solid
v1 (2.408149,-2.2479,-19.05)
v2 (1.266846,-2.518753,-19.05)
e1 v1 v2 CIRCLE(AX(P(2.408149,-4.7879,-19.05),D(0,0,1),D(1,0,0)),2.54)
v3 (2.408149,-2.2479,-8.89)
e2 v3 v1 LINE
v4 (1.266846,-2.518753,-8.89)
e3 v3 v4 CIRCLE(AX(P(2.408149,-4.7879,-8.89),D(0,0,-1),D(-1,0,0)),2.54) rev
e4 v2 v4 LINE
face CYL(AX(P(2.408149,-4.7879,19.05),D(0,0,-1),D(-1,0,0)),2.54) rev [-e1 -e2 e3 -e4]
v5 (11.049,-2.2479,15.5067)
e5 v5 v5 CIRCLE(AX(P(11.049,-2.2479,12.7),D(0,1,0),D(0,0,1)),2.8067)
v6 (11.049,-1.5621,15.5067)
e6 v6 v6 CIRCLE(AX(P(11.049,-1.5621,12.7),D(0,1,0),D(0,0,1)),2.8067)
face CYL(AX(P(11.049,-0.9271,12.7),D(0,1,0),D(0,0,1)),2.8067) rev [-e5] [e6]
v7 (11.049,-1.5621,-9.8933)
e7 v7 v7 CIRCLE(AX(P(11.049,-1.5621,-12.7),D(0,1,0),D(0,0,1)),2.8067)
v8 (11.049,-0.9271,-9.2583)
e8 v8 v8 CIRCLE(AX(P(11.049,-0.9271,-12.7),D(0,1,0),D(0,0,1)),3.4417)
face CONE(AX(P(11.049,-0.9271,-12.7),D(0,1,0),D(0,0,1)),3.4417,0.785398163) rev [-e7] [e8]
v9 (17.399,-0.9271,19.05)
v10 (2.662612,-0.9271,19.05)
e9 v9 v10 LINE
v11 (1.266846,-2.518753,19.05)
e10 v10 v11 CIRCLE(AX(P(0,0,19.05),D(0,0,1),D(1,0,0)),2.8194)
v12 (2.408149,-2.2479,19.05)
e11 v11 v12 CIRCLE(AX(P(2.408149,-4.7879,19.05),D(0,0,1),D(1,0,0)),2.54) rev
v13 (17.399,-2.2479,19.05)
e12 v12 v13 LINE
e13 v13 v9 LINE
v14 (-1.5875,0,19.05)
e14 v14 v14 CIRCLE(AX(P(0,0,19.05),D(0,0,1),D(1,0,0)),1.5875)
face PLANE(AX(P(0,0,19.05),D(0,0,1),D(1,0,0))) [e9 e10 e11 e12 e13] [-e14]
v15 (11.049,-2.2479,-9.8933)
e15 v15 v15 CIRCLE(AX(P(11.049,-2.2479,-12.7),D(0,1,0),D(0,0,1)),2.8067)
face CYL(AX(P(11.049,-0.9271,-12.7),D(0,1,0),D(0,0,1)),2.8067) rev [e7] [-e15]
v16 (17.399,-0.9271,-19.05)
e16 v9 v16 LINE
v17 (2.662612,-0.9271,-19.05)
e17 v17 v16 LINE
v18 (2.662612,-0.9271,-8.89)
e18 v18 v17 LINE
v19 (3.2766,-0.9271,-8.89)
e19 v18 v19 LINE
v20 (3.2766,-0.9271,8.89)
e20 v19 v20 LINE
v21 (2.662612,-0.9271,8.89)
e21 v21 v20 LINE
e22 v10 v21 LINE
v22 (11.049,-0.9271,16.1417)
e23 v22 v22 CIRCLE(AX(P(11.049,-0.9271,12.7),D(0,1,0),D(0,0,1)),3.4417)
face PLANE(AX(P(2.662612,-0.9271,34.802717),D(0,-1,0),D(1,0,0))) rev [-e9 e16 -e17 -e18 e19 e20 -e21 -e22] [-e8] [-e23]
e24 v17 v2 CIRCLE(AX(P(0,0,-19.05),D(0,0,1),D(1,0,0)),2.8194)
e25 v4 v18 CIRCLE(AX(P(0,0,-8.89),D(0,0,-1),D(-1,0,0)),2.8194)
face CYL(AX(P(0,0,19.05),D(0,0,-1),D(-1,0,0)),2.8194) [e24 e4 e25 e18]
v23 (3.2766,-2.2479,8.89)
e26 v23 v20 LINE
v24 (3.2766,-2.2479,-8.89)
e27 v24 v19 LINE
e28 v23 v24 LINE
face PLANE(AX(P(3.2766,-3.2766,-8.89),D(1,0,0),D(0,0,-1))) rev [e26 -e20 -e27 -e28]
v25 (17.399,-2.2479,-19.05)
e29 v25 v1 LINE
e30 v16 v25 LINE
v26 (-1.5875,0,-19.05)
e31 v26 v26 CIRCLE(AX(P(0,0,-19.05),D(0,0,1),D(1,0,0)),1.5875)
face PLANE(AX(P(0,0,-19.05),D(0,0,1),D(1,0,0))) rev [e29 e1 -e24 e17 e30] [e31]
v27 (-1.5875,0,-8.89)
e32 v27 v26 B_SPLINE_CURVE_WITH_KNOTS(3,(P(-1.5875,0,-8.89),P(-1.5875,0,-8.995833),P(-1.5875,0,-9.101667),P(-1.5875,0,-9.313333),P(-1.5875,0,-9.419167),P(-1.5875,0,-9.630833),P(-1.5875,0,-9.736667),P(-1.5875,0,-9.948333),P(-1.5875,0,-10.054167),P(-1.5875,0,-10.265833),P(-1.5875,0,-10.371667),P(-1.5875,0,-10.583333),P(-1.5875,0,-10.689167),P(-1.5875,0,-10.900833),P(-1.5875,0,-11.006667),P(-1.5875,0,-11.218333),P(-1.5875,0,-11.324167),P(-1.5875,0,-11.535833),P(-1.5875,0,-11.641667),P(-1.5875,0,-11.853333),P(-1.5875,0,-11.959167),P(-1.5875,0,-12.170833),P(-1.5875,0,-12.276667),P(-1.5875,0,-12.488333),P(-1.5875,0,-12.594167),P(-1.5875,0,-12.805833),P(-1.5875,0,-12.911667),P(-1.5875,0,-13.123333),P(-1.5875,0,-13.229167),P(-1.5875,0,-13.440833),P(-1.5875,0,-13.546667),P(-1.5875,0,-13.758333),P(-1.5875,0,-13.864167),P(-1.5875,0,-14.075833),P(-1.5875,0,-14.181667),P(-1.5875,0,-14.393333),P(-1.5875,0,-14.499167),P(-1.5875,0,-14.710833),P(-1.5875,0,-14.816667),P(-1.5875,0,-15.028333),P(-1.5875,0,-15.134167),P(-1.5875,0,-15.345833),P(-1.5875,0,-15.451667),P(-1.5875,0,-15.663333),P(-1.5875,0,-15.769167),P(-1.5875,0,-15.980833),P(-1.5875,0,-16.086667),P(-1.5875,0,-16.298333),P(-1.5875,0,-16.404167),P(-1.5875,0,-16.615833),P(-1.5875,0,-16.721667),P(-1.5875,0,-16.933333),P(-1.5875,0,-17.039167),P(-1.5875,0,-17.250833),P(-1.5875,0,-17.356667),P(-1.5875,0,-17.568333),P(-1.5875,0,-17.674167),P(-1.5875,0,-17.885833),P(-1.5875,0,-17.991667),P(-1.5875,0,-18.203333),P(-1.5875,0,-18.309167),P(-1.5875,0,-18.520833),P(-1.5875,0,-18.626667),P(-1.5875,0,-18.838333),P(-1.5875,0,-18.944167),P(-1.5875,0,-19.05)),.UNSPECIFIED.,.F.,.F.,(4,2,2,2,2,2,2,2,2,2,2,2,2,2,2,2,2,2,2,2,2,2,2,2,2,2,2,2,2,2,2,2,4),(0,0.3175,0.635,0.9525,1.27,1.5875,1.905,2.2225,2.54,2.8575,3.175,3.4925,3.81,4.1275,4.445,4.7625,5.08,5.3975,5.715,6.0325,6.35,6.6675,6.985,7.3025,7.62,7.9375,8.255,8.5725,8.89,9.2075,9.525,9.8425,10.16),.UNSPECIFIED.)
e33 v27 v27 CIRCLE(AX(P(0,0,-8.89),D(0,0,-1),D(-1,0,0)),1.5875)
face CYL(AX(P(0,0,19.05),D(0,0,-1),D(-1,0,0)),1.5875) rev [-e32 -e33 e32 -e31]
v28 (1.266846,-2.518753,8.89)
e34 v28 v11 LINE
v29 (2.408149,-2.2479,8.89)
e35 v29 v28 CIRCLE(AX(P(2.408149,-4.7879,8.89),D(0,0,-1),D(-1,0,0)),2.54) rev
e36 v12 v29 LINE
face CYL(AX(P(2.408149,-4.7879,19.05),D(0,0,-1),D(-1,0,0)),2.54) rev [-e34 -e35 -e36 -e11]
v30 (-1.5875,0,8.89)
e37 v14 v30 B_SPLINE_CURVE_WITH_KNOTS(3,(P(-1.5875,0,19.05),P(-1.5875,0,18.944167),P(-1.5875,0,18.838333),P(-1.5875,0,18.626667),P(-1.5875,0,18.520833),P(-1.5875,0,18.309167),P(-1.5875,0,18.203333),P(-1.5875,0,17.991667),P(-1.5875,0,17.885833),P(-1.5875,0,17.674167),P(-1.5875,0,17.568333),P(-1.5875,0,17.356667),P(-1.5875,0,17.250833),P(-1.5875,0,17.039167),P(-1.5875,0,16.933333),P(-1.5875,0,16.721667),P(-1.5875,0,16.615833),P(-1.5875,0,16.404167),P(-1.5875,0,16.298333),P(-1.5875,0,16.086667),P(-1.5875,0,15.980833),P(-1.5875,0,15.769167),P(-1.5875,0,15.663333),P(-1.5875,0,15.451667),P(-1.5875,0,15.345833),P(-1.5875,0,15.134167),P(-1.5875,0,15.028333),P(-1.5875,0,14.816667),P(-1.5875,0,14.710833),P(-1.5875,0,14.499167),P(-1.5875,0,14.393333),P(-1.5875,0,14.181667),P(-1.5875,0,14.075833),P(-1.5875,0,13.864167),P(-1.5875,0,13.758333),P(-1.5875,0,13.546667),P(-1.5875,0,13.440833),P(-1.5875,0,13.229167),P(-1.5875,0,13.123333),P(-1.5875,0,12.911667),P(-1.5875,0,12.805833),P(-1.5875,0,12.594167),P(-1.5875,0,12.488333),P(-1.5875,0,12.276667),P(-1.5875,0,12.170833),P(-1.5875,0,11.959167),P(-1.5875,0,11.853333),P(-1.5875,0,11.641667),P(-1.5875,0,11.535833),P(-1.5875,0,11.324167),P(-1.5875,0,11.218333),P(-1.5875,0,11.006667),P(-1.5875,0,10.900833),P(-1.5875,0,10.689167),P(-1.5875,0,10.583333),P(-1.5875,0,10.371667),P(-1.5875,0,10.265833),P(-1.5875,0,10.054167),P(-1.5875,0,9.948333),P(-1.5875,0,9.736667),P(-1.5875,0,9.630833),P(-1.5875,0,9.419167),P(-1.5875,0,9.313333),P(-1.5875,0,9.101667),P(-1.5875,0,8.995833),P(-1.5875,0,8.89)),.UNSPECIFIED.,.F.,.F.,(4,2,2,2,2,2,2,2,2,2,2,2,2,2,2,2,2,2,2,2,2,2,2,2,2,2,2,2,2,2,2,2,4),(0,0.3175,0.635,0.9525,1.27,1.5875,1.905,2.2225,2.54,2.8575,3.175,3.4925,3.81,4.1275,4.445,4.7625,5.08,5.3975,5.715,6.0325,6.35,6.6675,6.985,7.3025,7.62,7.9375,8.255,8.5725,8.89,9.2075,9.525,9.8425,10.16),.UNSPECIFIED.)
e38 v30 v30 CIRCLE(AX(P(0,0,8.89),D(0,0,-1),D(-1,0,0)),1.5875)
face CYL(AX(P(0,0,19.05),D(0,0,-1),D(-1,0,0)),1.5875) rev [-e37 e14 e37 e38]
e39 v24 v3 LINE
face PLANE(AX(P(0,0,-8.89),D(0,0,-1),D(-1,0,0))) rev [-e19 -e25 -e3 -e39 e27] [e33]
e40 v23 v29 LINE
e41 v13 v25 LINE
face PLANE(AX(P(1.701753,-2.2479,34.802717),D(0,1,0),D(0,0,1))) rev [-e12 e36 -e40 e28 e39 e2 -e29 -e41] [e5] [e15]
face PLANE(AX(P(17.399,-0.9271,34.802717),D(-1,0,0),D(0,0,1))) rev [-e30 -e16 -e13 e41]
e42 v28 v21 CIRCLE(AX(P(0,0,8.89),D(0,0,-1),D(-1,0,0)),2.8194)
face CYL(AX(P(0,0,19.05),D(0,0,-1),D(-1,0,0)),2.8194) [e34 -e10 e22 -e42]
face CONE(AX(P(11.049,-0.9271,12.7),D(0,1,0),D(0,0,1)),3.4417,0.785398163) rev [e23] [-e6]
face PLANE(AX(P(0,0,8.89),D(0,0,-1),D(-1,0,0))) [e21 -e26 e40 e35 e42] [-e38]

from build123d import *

# Parameters (mm, degrees)
SKETCH2_R                       = 2.8194
SKETCH2_R_2                     = 1.5875
BOSS_EXTRUDE1_DEPTH             = 19.05
BOSS_EXTRUDE2_REACH             = 21.463
BOSS_EXTRUDE2_DIRECTION_2_REACH = 21.463
FILLET1_R                       = 2.54
SKETCH4_W                       = 6.5532
SKETCH4_H                       = 6.5532
CUT_EXTRUDE1_DEPTH              = 8.89
F_10_CLEARANCE_HOLE1_AT_2_COUNT = 2
F_10_CLEARANCE_HOLE1_AT_2_PITCH = 25.4


with BuildPart() as part:
    # Sketch2 → Boss-Extrude1 (new, symmetric)
    with BuildSketch(Plane.XY):
        with Locations(Location((0, 0, 0), (0, 0, 180))):
            Circle(SKETCH2_R)
        with Locations(Location((0, 0, 0), (0, 0, 180))):
            Circle(SKETCH2_R_2, mode=Mode.SUBTRACT)
    extrude(amount=BOSS_EXTRUDE1_DEPTH, both=True)

    # Boss-Extrude2: up to this face of the body (flat: up to its plane)
    boss_extrude2_end = Plane(part.part.faces().sort_by_distance((2.739655326, 0, 19.05))[0])
    # Sketch3 → Boss-Extrude2 (add, up to the picked face)
    with BuildSketch(Plane.XY, mode=Mode.PRIVATE) as boss_extrude2_sk1:
        with BuildLine():
            Line((2.662611866, -0.9271), (17.399, -0.9271))
            Line((17.399, -0.9271), (17.399, -2.2479))
            Line((17.399, -2.2479), (1.701752611, -2.2479))
            ThreePointArc((1.701752611, -2.2479), (2.279922692, -1.658604497), (2.662611866, -0.9271))
        make_face()
    boss_extrude2_tool1 = split(extrude(boss_extrude2_sk1.sketch, amount=BOSS_EXTRUDE2_REACH, mode=Mode.PRIVATE), bisect_by=boss_extrude2_end, keep=Keep.BOTH, mode=Mode.PRIVATE)
    add(boss_extrude2_tool1.solids().sort_by(Axis((9.838158, -1.594307, 0), (0, 0, 1)))[0])

    # Boss-Extrude2 direction 2: up to this face of the body (flat: up to its plane)
    boss_extrude2_direction_2_end = Plane(part.part.faces().sort_by_distance((2.739655326, 0, -19.05))[0])
    # Sketch3 → Boss-Extrude2 direction 2 (add, up to the picked face)
    with BuildSketch(Plane.XY, mode=Mode.PRIVATE) as boss_extrude2_direction_2_sk1:
        with BuildLine():
            Line((2.662611866, -0.9271), (17.399, -0.9271))
            Line((17.399, -0.9271), (17.399, -2.2479))
            Line((17.399, -2.2479), (1.701752611, -2.2479))
            ThreePointArc((1.701752611, -2.2479), (2.279922692, -1.658604497), (2.662611866, -0.9271))
        make_face()
    boss_extrude2_direction_2_tool1 = split(extrude(boss_extrude2_direction_2_sk1.sketch, amount=-BOSS_EXTRUDE2_DIRECTION_2_REACH, mode=Mode.PRIVATE), bisect_by=boss_extrude2_direction_2_end, keep=Keep.BOTH, mode=Mode.PRIVATE)
    add(boss_extrude2_direction_2_tool1.solids().sort_by(Axis((9.838158, -1.594307, 0), (0, 0, -1)))[0])

    # Fillet1
    fillet1_edges = [part.edges().sort_by_distance(p)[0] for p in [
        (1.701752611, -2.2479, 0),
    ]]
    fillet(fillet1_edges, radius=FILLET1_R)

    # Sketch4 → Cut-Extrude1 (cut, symmetric)
    with BuildSketch(Plane.XY):
        Rectangle(SKETCH4_W, SKETCH4_H)
    extrude(amount=CUT_EXTRUDE1_DEPTH, both=True, mode=Mode.SUBTRACT)

    # Sketch6 → #10 Clearance Hole1 (revolve, cut)
    with BuildSketch(Plane(origin=(11.049, -0.9271, -12.7), x_dir=(0, 0, 1), z_dir=(1, 0, 0))):
        Polygon((0, 0), (0, 1.8923), (2.8067, 1.8923), (2.8067, 0.635), (3.4417, 0), align=None)
    f_10_clearance_hole1 = revolve(axis=Axis((11.049, 5.4229, -12.7), (0, -1, 0)), mode=Mode.SUBTRACT)

    # #10 Clearance Hole1 at 2: #10 Clearance Hole1 ×2
    with Locations(*[(0, 0, i * F_10_CLEARANCE_HOLE1_AT_2_PITCH) for i in range(1, F_10_CLEARANCE_HOLE1_AT_2_COUNT)]):
        add(f_10_clearance_hole1, mode=Mode.SUBTRACT)


solid = part.part
